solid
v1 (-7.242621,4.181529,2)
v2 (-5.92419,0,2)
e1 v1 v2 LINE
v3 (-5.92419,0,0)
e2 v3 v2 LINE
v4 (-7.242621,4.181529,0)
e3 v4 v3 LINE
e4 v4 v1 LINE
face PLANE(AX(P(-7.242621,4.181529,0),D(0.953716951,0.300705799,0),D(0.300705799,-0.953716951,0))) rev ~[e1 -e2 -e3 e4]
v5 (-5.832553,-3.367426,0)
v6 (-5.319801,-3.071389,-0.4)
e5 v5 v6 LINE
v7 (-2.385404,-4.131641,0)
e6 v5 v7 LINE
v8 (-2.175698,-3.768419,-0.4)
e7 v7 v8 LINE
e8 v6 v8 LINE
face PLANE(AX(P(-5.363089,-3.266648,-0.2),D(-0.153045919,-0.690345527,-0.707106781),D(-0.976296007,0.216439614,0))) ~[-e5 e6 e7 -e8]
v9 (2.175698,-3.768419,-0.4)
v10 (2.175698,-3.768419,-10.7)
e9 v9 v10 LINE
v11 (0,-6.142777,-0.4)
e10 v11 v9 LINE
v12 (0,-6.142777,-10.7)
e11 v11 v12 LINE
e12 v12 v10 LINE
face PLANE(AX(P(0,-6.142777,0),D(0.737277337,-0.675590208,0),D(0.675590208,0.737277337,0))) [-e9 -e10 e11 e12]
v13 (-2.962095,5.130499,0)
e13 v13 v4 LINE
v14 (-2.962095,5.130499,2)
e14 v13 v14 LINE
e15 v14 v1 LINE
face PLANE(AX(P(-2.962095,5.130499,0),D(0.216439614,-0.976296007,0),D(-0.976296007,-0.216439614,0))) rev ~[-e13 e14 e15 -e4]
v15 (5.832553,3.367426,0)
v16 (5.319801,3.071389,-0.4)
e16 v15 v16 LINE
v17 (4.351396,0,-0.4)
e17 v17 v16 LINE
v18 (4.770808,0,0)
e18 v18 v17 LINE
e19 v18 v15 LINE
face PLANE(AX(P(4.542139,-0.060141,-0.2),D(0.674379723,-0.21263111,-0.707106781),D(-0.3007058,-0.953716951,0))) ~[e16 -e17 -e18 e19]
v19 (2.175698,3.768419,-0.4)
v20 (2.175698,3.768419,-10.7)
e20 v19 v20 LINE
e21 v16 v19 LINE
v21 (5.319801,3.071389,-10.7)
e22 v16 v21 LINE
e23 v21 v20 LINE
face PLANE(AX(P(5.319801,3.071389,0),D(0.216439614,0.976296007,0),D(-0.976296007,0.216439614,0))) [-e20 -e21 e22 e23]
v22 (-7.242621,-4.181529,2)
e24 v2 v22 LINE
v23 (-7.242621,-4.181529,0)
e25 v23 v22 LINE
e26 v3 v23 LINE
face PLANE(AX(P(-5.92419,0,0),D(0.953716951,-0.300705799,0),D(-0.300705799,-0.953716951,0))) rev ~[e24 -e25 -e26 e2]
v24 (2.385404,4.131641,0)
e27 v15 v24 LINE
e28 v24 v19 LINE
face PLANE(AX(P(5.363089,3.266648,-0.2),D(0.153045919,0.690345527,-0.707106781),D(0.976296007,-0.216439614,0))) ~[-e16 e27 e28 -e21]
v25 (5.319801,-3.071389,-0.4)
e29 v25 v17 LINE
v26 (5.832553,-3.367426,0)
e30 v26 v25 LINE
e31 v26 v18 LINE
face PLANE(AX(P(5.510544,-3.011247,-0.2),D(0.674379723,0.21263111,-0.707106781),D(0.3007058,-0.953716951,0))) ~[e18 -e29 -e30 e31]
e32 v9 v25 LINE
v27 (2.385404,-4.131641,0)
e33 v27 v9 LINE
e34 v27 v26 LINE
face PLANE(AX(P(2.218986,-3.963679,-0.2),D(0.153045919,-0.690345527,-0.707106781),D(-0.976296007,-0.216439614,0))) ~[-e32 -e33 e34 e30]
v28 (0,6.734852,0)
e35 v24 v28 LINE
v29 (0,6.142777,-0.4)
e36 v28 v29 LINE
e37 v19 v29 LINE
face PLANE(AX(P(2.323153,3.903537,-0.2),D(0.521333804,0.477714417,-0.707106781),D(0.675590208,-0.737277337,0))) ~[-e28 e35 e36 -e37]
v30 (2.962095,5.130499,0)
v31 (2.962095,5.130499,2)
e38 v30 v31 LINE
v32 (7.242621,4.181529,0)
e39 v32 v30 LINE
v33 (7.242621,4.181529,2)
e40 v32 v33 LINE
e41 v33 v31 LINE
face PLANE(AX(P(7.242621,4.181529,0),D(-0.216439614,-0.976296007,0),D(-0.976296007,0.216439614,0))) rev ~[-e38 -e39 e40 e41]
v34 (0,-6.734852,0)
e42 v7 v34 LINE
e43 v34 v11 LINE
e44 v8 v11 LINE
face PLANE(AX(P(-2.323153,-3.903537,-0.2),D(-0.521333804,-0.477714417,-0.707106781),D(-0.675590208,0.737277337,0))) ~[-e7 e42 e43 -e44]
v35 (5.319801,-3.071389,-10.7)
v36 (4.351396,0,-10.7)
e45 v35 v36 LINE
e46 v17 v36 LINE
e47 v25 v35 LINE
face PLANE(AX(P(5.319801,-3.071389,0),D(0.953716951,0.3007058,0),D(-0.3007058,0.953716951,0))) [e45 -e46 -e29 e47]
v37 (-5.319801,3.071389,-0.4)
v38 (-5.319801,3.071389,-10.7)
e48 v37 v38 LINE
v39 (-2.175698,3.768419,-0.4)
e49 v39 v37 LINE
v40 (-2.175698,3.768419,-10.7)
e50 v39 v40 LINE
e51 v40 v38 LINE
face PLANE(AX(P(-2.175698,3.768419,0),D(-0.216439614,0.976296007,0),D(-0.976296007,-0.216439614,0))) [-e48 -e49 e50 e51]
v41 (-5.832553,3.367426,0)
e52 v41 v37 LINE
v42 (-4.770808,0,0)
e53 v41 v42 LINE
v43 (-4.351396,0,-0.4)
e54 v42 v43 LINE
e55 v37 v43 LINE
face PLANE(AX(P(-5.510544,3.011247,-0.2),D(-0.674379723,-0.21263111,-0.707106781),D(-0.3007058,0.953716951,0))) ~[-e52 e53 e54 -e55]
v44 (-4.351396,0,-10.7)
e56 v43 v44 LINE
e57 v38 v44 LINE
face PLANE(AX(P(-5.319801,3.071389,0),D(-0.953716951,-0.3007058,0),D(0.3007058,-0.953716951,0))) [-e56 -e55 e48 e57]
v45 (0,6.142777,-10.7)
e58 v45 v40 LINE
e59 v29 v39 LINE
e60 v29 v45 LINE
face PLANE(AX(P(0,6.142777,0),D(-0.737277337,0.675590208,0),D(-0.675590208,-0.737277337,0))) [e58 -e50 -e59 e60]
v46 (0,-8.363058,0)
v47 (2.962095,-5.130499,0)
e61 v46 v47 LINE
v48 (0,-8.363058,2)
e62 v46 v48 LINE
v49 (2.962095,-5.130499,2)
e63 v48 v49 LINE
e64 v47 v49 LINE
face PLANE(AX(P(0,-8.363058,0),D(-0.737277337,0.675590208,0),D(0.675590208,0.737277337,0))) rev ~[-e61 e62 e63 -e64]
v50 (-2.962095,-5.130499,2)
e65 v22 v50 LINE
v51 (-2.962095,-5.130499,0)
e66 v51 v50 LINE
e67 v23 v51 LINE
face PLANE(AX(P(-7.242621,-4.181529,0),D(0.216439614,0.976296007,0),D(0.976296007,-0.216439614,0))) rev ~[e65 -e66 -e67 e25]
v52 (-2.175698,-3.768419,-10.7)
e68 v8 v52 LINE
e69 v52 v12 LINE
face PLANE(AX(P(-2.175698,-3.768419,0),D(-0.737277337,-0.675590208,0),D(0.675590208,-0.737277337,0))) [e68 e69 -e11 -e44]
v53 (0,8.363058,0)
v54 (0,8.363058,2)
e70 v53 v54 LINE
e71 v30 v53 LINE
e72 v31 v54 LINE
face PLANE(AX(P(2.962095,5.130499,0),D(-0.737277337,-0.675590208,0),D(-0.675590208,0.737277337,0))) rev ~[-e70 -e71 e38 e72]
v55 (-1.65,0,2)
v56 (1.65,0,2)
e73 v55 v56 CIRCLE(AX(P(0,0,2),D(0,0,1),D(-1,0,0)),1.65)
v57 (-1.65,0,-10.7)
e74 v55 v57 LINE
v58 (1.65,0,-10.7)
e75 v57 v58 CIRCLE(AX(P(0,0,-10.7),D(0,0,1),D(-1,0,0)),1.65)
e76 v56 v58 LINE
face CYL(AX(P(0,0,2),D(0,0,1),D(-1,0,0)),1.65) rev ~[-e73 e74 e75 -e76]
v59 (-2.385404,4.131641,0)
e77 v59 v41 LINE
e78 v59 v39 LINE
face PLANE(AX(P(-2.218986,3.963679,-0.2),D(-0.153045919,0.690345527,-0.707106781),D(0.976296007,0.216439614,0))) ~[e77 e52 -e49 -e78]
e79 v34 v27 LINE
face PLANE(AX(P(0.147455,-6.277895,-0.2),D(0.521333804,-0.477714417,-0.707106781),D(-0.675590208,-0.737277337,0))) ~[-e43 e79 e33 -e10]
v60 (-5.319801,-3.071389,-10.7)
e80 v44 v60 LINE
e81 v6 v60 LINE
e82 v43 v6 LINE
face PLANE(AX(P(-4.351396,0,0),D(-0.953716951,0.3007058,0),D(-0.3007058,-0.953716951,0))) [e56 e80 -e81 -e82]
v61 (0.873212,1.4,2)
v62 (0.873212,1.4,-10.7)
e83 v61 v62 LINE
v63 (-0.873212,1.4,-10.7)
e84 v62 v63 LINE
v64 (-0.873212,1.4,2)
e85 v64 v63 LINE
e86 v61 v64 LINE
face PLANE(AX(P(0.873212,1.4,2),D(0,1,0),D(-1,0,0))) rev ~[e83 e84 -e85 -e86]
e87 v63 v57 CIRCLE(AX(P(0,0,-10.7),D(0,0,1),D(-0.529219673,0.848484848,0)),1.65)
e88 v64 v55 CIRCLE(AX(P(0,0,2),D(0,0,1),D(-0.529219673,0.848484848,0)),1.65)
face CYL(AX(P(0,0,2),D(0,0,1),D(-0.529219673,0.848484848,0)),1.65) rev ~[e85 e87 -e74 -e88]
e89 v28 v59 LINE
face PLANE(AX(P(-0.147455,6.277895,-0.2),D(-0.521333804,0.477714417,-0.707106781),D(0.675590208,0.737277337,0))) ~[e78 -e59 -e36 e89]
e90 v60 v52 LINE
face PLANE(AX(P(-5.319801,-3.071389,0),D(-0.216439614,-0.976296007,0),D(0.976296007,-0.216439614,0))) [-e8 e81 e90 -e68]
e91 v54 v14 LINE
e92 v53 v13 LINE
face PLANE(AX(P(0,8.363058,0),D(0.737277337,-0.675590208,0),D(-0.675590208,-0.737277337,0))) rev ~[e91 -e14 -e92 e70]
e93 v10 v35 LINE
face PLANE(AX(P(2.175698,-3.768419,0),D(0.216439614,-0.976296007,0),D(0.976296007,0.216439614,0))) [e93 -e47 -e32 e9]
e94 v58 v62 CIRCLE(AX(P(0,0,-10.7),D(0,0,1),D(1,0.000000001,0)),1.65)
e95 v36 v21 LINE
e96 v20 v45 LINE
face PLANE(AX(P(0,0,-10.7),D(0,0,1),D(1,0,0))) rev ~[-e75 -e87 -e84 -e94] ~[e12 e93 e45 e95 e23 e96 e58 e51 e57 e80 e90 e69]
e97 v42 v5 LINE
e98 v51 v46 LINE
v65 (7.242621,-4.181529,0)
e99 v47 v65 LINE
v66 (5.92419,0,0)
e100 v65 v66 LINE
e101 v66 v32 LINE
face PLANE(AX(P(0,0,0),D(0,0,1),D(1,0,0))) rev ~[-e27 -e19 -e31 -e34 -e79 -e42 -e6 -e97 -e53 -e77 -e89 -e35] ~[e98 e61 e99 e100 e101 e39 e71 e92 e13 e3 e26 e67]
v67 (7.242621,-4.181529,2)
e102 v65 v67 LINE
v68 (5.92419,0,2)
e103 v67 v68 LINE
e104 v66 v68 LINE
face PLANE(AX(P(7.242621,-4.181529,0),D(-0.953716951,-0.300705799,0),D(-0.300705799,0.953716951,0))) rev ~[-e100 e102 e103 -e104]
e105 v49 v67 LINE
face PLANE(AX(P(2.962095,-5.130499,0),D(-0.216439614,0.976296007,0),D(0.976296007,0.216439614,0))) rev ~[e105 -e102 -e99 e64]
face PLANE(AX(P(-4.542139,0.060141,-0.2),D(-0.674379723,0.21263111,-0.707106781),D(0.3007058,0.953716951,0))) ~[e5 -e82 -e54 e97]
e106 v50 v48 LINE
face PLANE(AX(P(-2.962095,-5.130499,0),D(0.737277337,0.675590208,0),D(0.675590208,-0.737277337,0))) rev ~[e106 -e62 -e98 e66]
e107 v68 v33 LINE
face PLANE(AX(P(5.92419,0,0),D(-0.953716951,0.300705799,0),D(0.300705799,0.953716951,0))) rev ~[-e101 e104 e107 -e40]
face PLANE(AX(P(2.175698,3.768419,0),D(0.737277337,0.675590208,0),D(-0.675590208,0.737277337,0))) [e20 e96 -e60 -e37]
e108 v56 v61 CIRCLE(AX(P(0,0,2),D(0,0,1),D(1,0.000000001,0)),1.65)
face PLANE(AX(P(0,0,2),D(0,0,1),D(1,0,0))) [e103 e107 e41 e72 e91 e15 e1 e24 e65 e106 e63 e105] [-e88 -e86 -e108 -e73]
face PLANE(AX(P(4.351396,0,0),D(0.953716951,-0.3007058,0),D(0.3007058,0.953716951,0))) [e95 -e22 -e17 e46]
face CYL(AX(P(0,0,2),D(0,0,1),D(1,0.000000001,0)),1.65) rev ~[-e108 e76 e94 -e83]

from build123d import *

# Parameters (mm, degrees)
BOSS_EXTRUDE1_DEPTH = 10.7
BOSS_EXTRUDE2_DEPTH = 2
CUT_EXTRUDE2_DEPTH  = 17.842989329
CHAMFER1_SIZE       = 0.4


with BuildPart() as part:
    # Sketch1 → Boss-Extrude1 (new body)
    with BuildSketch(Plane.XY):
        Polygon((2.175697935, 3.768419365), (0, 6.142777017), (-2.175697935, 3.768419365), (-5.319800946, 3.071388508), (-4.351395869, 0), (-5.319800946, -3.071388508), (-2.175697935, -3.768419365), (0, -6.142777017), (2.175697935, -3.768419365), (5.319800946, -3.071388508), (4.351395869, 0), (5.319800946, 3.071388508), align=None)
    extrude(amount=-BOSS_EXTRUDE1_DEPTH)

    # Sketch2 → Boss-Extrude2 (add)
    with BuildSketch(Plane.XY):
        Polygon((7.242620565, 4.181528933), (2.962094779, 5.130498653), (0, 8.363057866), (-2.962094779, 5.130498653), (-7.242620565, 4.181528933), (-5.924189557, 0), (-7.242620565, -4.181528933), (-2.962094779, -5.130498653), (0, -8.363057866), (2.962094779, -5.130498653), (7.242620565, -4.181528933), (5.924189557, 0), align=None)
    extrude(amount=BOSS_EXTRUDE2_DEPTH)

    # Sketch3 → Cut-Extrude2 (cut, through all)
    with BuildSketch(Plane.XY.offset(2)):
        with BuildLine():
            ThreePointArc((1.65, 0), (1.442792528, 0.800530899), (0.87321246, 1.4))
            Line((0.87321246, 1.4), (-0.87321246, 1.4))
            ThreePointArc((-0.87321246, 1.4), (-1.442792528, 0.800530899), (-1.65, 0))
            ThreePointArc((-1.65, 0), (0, -1.65), (1.65, 0))
        make_face()
    extrude(amount=-CUT_EXTRUDE2_DEPTH, mode=Mode.SUBTRACT)

    # Chamfer1
    chamfer1_edges = [part.edges().sort_by_distance(p)[0] for p in [
        (3.74774944, -3.419903937, 0),
        (1.087848967, -4.955598191, 0),
        (-1.087848967, -4.955598191, 0),
        (-3.74774944, -3.419903937, 0),
        (-4.835598408, -1.535694254, 0),
        (-4.835598408, 1.535694254, 0),
        (-3.74774944, 3.419903937, 0),
        (4.835598408, -1.535694254, 0),
        (4.835598408, 1.535694254, 0),
        (3.74774944, 3.419903937, 0),
        (1.087848967, 4.955598191, 0),
        (-1.087848967, 4.955598191, 0),
    ]]
    chamfer(chamfer1_edges, length=CHAMFER1_SIZE)


solid = part.part
